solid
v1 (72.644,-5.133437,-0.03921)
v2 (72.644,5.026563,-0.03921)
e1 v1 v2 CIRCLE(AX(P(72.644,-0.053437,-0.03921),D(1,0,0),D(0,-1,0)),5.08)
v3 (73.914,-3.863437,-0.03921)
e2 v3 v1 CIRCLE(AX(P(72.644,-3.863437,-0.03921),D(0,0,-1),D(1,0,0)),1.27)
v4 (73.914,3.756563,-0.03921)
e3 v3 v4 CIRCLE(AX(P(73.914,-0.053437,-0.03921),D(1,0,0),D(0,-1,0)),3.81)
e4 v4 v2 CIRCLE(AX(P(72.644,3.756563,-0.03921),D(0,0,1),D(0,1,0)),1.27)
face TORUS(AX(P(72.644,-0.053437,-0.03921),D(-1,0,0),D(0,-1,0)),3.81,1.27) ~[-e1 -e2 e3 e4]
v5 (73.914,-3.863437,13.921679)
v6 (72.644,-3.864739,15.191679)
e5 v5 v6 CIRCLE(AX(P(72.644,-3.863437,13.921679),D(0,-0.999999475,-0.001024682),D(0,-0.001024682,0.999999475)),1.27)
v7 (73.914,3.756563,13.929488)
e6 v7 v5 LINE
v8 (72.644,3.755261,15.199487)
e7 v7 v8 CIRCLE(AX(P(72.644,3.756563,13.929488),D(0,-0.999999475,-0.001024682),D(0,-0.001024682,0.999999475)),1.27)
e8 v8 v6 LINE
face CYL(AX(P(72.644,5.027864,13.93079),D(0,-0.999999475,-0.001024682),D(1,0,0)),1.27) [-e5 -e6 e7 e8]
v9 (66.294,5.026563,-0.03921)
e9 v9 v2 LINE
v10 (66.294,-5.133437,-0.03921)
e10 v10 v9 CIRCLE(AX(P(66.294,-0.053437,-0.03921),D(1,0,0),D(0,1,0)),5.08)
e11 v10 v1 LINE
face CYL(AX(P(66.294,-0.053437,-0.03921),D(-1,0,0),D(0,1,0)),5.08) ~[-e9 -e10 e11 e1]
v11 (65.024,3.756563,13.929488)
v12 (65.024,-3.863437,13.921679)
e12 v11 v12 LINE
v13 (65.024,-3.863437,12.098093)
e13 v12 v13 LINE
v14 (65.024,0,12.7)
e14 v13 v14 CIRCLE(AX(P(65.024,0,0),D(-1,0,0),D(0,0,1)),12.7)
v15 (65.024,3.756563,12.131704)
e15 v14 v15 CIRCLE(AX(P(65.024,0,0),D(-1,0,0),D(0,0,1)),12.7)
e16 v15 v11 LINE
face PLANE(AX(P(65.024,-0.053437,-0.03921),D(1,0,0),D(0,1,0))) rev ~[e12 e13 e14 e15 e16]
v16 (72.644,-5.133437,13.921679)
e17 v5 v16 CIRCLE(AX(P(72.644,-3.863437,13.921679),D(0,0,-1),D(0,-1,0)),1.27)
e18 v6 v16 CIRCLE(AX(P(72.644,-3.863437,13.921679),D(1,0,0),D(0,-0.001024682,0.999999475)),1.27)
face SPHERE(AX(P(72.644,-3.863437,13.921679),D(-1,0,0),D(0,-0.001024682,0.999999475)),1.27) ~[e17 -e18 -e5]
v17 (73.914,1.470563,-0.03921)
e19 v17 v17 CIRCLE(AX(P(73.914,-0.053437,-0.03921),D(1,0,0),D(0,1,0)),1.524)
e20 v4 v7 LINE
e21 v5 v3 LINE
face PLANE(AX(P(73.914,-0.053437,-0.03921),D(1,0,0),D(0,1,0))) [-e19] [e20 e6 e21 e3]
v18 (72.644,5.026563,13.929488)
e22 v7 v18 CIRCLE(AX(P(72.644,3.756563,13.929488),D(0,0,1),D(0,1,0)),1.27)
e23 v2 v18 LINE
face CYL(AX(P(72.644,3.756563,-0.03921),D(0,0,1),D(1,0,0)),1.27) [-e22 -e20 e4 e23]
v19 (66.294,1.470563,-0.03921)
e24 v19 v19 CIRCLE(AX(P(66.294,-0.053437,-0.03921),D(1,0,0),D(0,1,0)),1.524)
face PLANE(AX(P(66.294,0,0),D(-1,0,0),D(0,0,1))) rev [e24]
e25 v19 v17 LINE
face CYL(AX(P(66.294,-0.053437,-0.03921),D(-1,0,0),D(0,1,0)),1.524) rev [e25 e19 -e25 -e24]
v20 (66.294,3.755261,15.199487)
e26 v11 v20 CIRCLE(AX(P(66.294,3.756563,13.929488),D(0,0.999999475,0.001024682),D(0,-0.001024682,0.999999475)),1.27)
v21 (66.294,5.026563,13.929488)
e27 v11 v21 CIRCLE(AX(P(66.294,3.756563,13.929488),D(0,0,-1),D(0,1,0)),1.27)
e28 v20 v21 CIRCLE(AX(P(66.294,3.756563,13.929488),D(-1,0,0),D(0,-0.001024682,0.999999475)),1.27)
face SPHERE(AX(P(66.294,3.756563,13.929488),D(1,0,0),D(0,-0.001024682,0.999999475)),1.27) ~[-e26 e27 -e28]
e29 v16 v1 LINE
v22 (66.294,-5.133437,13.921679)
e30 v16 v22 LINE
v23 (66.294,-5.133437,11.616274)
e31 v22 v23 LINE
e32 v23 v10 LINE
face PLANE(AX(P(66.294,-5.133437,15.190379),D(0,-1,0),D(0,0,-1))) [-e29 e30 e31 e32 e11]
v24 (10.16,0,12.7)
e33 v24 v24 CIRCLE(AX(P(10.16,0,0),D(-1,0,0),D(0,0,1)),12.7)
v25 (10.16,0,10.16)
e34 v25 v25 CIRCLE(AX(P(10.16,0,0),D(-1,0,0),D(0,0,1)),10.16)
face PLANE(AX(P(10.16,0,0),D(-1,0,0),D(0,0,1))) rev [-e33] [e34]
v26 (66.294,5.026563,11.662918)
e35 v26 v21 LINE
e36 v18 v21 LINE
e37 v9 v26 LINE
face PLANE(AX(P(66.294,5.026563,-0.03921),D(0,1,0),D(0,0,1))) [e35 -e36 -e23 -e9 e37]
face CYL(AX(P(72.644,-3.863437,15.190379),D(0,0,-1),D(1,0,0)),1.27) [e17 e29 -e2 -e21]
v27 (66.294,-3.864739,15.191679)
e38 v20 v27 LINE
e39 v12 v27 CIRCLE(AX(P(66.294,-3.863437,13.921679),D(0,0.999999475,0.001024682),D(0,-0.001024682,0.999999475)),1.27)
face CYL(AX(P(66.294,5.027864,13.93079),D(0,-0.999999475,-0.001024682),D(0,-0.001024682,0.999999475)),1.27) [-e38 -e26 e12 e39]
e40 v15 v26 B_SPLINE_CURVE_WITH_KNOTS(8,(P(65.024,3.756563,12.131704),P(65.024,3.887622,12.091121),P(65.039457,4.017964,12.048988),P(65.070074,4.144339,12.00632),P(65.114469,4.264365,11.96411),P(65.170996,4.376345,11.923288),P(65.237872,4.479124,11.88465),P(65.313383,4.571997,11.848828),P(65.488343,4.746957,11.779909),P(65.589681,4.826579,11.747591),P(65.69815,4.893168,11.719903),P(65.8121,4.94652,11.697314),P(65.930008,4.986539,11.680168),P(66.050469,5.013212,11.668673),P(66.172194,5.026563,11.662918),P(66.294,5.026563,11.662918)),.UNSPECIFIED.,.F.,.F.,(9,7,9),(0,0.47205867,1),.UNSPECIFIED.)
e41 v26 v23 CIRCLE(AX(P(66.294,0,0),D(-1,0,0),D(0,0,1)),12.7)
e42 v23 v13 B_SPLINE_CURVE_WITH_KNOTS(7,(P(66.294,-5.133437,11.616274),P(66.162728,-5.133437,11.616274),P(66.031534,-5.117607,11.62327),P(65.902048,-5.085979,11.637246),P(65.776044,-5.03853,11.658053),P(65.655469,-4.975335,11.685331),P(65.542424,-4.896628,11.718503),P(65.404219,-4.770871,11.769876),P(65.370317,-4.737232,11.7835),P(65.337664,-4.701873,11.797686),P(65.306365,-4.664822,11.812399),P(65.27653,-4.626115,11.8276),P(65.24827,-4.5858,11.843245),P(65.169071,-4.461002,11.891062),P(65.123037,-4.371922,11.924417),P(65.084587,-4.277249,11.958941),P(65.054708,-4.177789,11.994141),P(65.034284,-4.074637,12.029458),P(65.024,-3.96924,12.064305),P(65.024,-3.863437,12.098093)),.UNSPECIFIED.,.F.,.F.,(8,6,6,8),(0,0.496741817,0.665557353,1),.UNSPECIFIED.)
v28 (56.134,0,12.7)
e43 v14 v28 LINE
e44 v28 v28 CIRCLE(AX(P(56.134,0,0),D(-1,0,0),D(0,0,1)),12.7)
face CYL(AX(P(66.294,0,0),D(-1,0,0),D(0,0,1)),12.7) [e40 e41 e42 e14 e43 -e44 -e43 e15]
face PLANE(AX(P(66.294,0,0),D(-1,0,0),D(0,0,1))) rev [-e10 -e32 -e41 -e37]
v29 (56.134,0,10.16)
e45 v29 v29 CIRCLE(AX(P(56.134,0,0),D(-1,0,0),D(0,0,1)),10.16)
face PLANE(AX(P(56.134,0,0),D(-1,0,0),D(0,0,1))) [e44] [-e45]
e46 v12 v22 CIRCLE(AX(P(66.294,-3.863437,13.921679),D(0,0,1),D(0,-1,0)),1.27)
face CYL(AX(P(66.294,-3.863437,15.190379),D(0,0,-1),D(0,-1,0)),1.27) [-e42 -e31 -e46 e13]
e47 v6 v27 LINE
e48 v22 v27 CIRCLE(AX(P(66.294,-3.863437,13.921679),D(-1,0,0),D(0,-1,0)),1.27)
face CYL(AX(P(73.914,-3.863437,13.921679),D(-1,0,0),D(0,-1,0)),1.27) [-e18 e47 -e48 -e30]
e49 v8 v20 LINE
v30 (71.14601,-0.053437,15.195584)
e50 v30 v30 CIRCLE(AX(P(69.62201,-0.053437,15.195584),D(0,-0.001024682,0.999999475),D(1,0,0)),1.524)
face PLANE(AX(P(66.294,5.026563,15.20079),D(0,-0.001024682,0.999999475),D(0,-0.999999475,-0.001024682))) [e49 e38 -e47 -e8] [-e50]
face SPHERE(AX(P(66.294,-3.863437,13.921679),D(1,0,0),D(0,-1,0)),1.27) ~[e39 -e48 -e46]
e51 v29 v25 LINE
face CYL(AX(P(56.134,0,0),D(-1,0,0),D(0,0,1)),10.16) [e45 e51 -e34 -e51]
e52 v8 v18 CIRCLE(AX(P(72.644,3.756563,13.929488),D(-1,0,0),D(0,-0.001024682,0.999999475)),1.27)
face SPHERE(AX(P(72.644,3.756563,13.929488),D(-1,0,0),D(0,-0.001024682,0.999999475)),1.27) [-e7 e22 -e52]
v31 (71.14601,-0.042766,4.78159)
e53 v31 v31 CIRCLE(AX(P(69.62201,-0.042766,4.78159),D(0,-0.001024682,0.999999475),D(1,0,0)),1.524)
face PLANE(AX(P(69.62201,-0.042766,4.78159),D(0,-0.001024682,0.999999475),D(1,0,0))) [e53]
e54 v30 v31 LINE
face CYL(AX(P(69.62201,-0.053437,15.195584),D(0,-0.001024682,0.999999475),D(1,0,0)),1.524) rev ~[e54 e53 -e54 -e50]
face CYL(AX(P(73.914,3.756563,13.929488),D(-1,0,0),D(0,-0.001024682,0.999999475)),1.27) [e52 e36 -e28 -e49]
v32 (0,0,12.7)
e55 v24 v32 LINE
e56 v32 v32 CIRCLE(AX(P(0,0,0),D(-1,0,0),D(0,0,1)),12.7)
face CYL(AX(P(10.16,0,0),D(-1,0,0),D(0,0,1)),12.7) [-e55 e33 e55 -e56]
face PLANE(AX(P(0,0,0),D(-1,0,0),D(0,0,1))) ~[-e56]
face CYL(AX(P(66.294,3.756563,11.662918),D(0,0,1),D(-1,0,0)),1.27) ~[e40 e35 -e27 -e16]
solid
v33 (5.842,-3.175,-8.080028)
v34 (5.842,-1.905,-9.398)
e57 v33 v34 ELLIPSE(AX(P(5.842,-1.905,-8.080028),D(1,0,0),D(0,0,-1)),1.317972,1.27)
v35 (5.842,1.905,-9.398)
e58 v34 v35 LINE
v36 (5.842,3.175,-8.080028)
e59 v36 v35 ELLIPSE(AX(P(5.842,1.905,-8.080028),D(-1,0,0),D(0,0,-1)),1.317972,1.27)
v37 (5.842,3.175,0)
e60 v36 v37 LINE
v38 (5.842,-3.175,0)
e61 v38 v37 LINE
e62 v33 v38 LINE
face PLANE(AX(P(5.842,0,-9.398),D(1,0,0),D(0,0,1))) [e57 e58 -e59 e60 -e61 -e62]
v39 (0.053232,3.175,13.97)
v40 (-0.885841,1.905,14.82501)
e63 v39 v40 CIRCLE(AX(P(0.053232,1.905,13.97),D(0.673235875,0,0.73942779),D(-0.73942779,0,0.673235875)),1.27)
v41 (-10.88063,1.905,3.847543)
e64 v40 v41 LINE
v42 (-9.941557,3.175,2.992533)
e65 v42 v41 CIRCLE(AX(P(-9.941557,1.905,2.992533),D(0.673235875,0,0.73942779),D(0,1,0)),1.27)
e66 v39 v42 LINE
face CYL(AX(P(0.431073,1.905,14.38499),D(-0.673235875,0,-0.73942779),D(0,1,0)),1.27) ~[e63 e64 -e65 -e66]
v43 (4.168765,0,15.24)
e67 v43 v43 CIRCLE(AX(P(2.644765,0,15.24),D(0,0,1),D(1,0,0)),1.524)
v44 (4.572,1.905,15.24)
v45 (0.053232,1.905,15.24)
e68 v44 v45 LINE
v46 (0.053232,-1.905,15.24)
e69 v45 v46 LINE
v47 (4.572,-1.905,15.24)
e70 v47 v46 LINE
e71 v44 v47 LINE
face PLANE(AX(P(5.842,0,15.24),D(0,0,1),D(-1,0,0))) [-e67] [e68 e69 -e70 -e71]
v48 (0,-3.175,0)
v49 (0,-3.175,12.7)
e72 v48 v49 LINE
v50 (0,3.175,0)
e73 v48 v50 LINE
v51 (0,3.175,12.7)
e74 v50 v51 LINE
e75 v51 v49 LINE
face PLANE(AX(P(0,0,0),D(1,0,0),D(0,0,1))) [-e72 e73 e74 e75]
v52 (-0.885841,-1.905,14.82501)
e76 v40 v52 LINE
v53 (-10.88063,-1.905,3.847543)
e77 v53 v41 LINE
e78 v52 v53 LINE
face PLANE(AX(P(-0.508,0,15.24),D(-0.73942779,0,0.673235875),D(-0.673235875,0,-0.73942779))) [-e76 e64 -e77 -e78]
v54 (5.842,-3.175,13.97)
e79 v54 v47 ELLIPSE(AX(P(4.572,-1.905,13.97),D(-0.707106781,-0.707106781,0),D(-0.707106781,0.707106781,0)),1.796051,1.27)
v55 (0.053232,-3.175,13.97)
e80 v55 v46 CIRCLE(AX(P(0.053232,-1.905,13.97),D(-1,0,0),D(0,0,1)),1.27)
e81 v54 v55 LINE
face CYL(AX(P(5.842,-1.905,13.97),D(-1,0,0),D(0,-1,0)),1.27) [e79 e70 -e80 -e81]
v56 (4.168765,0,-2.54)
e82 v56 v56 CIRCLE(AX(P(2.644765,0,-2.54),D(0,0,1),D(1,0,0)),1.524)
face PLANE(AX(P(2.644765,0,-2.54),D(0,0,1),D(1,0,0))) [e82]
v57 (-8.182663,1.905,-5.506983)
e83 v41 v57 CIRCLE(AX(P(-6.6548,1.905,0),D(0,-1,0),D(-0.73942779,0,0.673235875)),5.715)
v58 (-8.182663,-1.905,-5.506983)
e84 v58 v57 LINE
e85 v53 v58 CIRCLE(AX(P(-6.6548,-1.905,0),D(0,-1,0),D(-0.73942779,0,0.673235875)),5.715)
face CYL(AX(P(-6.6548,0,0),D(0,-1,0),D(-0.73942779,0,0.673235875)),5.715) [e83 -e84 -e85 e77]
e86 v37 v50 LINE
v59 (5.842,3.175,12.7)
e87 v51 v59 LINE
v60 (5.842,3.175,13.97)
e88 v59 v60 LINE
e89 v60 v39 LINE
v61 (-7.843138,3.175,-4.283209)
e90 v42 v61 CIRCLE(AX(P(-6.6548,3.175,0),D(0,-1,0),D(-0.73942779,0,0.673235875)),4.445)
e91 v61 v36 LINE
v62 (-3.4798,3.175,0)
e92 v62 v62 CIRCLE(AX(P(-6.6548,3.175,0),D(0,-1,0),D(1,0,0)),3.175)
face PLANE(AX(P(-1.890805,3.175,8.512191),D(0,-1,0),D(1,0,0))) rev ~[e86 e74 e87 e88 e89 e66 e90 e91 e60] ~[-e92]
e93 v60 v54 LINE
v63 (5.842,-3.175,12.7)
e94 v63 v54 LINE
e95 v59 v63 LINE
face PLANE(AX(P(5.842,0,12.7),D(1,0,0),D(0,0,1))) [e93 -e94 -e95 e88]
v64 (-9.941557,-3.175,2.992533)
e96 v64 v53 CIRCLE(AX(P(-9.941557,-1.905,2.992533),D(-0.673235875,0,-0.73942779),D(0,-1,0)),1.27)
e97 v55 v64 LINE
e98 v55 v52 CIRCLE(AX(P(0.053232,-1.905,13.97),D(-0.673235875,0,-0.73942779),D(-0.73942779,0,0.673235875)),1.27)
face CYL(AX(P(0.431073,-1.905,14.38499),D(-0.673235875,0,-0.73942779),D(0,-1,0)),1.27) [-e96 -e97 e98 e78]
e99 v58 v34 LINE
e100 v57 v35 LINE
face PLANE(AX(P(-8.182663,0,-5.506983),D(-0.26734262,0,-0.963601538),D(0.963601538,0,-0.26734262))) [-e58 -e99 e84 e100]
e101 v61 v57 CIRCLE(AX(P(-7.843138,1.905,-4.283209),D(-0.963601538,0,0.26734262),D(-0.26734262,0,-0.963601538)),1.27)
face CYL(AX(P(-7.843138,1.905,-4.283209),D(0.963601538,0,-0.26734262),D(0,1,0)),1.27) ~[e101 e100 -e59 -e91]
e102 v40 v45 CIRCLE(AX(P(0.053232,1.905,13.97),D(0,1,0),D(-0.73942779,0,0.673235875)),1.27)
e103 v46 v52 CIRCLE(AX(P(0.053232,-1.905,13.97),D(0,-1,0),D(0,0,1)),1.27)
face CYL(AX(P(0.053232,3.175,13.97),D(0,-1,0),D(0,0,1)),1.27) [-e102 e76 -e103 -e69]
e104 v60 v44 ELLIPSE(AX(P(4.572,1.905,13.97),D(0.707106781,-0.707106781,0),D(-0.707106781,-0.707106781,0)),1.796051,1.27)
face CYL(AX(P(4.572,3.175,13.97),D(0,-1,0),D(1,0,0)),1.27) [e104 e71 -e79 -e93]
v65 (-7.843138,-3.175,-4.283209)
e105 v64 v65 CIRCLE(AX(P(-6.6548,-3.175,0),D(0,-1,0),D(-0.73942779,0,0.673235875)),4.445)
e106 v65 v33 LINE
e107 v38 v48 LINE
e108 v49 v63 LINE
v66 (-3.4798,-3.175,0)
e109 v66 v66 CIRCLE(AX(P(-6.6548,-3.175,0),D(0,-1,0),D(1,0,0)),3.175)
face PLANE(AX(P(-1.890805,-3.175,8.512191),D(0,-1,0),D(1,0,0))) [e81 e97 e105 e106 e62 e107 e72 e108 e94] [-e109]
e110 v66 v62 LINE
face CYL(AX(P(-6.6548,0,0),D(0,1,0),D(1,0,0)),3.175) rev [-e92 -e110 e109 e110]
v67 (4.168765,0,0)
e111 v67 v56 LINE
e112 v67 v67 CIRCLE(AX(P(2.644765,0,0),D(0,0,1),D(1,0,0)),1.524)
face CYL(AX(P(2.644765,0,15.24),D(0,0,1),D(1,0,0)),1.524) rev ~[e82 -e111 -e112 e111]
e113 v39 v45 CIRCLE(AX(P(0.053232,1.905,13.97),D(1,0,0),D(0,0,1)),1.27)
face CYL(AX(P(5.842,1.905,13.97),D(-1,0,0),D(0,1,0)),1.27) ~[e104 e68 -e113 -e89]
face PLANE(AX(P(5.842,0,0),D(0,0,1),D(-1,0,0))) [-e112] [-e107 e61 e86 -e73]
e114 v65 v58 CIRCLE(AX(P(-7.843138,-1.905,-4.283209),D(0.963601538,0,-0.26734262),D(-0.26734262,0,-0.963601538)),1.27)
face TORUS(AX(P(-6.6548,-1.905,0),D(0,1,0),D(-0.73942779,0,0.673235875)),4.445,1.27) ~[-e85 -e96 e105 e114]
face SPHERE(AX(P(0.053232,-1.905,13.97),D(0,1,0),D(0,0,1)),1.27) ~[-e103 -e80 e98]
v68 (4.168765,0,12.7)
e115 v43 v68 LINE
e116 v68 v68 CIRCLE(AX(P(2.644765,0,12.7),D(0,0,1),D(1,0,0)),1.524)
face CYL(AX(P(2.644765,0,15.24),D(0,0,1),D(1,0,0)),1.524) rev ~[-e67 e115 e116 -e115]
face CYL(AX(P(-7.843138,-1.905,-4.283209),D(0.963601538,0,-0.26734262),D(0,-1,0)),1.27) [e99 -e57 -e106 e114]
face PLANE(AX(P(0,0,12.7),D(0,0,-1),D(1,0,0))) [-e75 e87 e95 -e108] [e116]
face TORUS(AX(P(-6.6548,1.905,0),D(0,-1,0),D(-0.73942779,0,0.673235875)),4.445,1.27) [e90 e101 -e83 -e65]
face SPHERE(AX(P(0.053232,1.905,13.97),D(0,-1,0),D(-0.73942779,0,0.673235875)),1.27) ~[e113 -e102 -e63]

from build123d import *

# Parameters (mm, degrees)
F0_W          = 5.842
F0_H          = 12.7
F0_R          = 3.175
F3_DEPTH      = 3.175
F4_R          = 1.524
F5_DEPTH      = 7.62
F5_DEPTH_BACK = 1.27
F6_R          = 1.524
F7_DEPTH      = 17.78
F8_R          = 1.524
F9_DEPTH      = 10.414
F10_R         = 1.27
F10_2_R       = 1.27


with BuildPart() as f1:
    # F0 (on Front) → F1 (revolve)
    with BuildSketch(Plane.XZ):
        Polygon((5.842, 12.7), (5.842, 0), (66.294, 0), (66.294, 12.7), (56.134, 12.7), (56.134, 10.16), (10.16, 10.16), (10.16, 12.7), align=None)
        with Locations((2.921, 6.35)):
            Rectangle(F0_W, F0_H)
    revolve(axis=Axis((33.147, 0, 0), (-1, 0, 0)))

    # F4 (on face) → F5 (join, two sides)
    with BuildSketch(Plane.YZ.offset(66.294)) as f5_sk:
        with BuildLine():
            ThreePointArc((-5.1334373321, -0.0392104594), (-0.0534373321, -5.1192104594), (5.0265626679, -0.0392104594))
            ThreePointArc((5.0265626679, -0.0392104594), (-0.0534373321, 5.0407895406), (-5.1334373321, -0.0392104594))
        make_face()
        with Locations((-0.0534373321, -0.0392104594)):
            Circle(F4_R, mode=Mode.SUBTRACT)
        with BuildLine():
            ThreePointArc((-5.1334373321, -0.0392104594), (-0.0534373321, 5.0407895406), (5.0265626679, -0.0392104594))
            Line((5.0265626679, -0.0392104594), (5.0265626679, 15.2007895406))
            Line((5.0265626679, 15.2007895406), (-5.1334373321, 15.1903787628))
            Line((-5.1334373321, 15.1903787628), (-5.1334373321, -0.0392104594))
        make_face()
    extrude(amount=F5_DEPTH)
    extrude(f5_sk.sketch, amount=-F5_DEPTH_BACK)

    # F8 (on face) → F9 (cut)
    with BuildSketch(Plane(origin=(0, -0.0155706944, 15.195622953), x_dir=(1, 0, 0), z_dir=(0, -0.0010246823, 0.999999475))):
        with Locations((69.6220099926, -0.0378666576)):
            Circle(F8_R)
    extrude(amount=-F9_DEPTH, mode=Mode.SUBTRACT)

    # F10
    f10_edges = [f1.edges().sort_by_distance(p)[0] for p in [
        (69.469, 5.026563, 15.20079),
        (65.024, -0.053437, 15.195584),
        (69.469, -5.133437, 15.190379),
        (73.914, -0.053437, 15.195584),
        (65.024, 5.026563, 13.431854),
        (65.024, -5.133437, 13.403326),
        (73.914, 5.026563, 7.58079),
        (73.914, -0.053437, -5.11921),
        (73.914, -5.133437, 7.575584),
    ]]
    fillet(f10_edges, radius=F10_R)


with BuildPart() as f3:
    # F0 (on Front) → F3 (new body, symmetric)
    with BuildSketch(Plane.XZ):
        with BuildLine():
            Line((-0.9398, 0), (0, 0))
            Line((0, 0), (0, 12.7))
            Line((0, 12.7), (5.842, 12.7))
            Line((5.842, 12.7), (5.842, 15.24))
            Line((5.842, 15.24), (-0.508, 15.24))
            Line((-0.508, 15.24), (-10.8806298187, 3.8475430269))
            ThreePointArc((-10.8806298187, 3.8475430269), (-4.5919612295, 5.3297205562), (-0.9398, 0))
        make_face()
        with BuildLine():
            Line((5.842, 0), (0, 0))
            Line((0, 0), (-0.9398, 0))
            ThreePointArc((-0.9398, 0), (-3.1957909266, -4.5493385486), (-8.1826630726, -5.5069827884))
            Line((-8.1826630726, -5.5069827884), (5.842, -9.398))
            Line((5.842, -9.398), (5.842, 0))
        make_face()
        with BuildLine():
            ThreePointArc((-8.1826630726, -5.5069827884), (-3.1957909266, -4.5493385486), (-0.9398, 0))
            ThreePointArc((-0.9398, 0), (-4.5919612295, 5.3297205562), (-10.8806298187, 3.8475430269))
            ThreePointArc((-10.8806298187, 3.8475430269), (-12.1459778134, -1.5837270034), (-8.1826630726, -5.5069827884))
        make_face()
        with Locations((-6.6548, 0)):
            Circle(F0_R, mode=Mode.SUBTRACT)
    extrude(amount=F3_DEPTH, both=True)

    # F6 (on face) → F7 (cut)
    with BuildSketch(Plane.XY.offset(15.24)):
        with Locations((2.6447647251, 0)):
            Circle(F6_R)
    extrude(amount=-F7_DEPTH, mode=Mode.SUBTRACT)

    # F10#2
    f10_2_edges = [f3.edges().sort_by_distance(p)[0] for p in [
        (2.667, 3.175, 15.24),
        (-0.508, 0, 15.24),
        (2.667, -3.175, 15.24),
        (5.842, 0, 15.24),
        (-5.694315, 3.175, 9.543772),
        (-5.694315, -3.175, 9.543772),
        (-12.145978, 3.175, -1.583727),
        (-12.145978, -3.175, -1.583727),
        (-1.170332, 3.175, -7.452491),
        (-1.170332, -3.175, -7.452491),
    ]]
    fillet(f10_2_edges, radius=F10_2_R)


solid = Compound([f1.part, f3.part])
